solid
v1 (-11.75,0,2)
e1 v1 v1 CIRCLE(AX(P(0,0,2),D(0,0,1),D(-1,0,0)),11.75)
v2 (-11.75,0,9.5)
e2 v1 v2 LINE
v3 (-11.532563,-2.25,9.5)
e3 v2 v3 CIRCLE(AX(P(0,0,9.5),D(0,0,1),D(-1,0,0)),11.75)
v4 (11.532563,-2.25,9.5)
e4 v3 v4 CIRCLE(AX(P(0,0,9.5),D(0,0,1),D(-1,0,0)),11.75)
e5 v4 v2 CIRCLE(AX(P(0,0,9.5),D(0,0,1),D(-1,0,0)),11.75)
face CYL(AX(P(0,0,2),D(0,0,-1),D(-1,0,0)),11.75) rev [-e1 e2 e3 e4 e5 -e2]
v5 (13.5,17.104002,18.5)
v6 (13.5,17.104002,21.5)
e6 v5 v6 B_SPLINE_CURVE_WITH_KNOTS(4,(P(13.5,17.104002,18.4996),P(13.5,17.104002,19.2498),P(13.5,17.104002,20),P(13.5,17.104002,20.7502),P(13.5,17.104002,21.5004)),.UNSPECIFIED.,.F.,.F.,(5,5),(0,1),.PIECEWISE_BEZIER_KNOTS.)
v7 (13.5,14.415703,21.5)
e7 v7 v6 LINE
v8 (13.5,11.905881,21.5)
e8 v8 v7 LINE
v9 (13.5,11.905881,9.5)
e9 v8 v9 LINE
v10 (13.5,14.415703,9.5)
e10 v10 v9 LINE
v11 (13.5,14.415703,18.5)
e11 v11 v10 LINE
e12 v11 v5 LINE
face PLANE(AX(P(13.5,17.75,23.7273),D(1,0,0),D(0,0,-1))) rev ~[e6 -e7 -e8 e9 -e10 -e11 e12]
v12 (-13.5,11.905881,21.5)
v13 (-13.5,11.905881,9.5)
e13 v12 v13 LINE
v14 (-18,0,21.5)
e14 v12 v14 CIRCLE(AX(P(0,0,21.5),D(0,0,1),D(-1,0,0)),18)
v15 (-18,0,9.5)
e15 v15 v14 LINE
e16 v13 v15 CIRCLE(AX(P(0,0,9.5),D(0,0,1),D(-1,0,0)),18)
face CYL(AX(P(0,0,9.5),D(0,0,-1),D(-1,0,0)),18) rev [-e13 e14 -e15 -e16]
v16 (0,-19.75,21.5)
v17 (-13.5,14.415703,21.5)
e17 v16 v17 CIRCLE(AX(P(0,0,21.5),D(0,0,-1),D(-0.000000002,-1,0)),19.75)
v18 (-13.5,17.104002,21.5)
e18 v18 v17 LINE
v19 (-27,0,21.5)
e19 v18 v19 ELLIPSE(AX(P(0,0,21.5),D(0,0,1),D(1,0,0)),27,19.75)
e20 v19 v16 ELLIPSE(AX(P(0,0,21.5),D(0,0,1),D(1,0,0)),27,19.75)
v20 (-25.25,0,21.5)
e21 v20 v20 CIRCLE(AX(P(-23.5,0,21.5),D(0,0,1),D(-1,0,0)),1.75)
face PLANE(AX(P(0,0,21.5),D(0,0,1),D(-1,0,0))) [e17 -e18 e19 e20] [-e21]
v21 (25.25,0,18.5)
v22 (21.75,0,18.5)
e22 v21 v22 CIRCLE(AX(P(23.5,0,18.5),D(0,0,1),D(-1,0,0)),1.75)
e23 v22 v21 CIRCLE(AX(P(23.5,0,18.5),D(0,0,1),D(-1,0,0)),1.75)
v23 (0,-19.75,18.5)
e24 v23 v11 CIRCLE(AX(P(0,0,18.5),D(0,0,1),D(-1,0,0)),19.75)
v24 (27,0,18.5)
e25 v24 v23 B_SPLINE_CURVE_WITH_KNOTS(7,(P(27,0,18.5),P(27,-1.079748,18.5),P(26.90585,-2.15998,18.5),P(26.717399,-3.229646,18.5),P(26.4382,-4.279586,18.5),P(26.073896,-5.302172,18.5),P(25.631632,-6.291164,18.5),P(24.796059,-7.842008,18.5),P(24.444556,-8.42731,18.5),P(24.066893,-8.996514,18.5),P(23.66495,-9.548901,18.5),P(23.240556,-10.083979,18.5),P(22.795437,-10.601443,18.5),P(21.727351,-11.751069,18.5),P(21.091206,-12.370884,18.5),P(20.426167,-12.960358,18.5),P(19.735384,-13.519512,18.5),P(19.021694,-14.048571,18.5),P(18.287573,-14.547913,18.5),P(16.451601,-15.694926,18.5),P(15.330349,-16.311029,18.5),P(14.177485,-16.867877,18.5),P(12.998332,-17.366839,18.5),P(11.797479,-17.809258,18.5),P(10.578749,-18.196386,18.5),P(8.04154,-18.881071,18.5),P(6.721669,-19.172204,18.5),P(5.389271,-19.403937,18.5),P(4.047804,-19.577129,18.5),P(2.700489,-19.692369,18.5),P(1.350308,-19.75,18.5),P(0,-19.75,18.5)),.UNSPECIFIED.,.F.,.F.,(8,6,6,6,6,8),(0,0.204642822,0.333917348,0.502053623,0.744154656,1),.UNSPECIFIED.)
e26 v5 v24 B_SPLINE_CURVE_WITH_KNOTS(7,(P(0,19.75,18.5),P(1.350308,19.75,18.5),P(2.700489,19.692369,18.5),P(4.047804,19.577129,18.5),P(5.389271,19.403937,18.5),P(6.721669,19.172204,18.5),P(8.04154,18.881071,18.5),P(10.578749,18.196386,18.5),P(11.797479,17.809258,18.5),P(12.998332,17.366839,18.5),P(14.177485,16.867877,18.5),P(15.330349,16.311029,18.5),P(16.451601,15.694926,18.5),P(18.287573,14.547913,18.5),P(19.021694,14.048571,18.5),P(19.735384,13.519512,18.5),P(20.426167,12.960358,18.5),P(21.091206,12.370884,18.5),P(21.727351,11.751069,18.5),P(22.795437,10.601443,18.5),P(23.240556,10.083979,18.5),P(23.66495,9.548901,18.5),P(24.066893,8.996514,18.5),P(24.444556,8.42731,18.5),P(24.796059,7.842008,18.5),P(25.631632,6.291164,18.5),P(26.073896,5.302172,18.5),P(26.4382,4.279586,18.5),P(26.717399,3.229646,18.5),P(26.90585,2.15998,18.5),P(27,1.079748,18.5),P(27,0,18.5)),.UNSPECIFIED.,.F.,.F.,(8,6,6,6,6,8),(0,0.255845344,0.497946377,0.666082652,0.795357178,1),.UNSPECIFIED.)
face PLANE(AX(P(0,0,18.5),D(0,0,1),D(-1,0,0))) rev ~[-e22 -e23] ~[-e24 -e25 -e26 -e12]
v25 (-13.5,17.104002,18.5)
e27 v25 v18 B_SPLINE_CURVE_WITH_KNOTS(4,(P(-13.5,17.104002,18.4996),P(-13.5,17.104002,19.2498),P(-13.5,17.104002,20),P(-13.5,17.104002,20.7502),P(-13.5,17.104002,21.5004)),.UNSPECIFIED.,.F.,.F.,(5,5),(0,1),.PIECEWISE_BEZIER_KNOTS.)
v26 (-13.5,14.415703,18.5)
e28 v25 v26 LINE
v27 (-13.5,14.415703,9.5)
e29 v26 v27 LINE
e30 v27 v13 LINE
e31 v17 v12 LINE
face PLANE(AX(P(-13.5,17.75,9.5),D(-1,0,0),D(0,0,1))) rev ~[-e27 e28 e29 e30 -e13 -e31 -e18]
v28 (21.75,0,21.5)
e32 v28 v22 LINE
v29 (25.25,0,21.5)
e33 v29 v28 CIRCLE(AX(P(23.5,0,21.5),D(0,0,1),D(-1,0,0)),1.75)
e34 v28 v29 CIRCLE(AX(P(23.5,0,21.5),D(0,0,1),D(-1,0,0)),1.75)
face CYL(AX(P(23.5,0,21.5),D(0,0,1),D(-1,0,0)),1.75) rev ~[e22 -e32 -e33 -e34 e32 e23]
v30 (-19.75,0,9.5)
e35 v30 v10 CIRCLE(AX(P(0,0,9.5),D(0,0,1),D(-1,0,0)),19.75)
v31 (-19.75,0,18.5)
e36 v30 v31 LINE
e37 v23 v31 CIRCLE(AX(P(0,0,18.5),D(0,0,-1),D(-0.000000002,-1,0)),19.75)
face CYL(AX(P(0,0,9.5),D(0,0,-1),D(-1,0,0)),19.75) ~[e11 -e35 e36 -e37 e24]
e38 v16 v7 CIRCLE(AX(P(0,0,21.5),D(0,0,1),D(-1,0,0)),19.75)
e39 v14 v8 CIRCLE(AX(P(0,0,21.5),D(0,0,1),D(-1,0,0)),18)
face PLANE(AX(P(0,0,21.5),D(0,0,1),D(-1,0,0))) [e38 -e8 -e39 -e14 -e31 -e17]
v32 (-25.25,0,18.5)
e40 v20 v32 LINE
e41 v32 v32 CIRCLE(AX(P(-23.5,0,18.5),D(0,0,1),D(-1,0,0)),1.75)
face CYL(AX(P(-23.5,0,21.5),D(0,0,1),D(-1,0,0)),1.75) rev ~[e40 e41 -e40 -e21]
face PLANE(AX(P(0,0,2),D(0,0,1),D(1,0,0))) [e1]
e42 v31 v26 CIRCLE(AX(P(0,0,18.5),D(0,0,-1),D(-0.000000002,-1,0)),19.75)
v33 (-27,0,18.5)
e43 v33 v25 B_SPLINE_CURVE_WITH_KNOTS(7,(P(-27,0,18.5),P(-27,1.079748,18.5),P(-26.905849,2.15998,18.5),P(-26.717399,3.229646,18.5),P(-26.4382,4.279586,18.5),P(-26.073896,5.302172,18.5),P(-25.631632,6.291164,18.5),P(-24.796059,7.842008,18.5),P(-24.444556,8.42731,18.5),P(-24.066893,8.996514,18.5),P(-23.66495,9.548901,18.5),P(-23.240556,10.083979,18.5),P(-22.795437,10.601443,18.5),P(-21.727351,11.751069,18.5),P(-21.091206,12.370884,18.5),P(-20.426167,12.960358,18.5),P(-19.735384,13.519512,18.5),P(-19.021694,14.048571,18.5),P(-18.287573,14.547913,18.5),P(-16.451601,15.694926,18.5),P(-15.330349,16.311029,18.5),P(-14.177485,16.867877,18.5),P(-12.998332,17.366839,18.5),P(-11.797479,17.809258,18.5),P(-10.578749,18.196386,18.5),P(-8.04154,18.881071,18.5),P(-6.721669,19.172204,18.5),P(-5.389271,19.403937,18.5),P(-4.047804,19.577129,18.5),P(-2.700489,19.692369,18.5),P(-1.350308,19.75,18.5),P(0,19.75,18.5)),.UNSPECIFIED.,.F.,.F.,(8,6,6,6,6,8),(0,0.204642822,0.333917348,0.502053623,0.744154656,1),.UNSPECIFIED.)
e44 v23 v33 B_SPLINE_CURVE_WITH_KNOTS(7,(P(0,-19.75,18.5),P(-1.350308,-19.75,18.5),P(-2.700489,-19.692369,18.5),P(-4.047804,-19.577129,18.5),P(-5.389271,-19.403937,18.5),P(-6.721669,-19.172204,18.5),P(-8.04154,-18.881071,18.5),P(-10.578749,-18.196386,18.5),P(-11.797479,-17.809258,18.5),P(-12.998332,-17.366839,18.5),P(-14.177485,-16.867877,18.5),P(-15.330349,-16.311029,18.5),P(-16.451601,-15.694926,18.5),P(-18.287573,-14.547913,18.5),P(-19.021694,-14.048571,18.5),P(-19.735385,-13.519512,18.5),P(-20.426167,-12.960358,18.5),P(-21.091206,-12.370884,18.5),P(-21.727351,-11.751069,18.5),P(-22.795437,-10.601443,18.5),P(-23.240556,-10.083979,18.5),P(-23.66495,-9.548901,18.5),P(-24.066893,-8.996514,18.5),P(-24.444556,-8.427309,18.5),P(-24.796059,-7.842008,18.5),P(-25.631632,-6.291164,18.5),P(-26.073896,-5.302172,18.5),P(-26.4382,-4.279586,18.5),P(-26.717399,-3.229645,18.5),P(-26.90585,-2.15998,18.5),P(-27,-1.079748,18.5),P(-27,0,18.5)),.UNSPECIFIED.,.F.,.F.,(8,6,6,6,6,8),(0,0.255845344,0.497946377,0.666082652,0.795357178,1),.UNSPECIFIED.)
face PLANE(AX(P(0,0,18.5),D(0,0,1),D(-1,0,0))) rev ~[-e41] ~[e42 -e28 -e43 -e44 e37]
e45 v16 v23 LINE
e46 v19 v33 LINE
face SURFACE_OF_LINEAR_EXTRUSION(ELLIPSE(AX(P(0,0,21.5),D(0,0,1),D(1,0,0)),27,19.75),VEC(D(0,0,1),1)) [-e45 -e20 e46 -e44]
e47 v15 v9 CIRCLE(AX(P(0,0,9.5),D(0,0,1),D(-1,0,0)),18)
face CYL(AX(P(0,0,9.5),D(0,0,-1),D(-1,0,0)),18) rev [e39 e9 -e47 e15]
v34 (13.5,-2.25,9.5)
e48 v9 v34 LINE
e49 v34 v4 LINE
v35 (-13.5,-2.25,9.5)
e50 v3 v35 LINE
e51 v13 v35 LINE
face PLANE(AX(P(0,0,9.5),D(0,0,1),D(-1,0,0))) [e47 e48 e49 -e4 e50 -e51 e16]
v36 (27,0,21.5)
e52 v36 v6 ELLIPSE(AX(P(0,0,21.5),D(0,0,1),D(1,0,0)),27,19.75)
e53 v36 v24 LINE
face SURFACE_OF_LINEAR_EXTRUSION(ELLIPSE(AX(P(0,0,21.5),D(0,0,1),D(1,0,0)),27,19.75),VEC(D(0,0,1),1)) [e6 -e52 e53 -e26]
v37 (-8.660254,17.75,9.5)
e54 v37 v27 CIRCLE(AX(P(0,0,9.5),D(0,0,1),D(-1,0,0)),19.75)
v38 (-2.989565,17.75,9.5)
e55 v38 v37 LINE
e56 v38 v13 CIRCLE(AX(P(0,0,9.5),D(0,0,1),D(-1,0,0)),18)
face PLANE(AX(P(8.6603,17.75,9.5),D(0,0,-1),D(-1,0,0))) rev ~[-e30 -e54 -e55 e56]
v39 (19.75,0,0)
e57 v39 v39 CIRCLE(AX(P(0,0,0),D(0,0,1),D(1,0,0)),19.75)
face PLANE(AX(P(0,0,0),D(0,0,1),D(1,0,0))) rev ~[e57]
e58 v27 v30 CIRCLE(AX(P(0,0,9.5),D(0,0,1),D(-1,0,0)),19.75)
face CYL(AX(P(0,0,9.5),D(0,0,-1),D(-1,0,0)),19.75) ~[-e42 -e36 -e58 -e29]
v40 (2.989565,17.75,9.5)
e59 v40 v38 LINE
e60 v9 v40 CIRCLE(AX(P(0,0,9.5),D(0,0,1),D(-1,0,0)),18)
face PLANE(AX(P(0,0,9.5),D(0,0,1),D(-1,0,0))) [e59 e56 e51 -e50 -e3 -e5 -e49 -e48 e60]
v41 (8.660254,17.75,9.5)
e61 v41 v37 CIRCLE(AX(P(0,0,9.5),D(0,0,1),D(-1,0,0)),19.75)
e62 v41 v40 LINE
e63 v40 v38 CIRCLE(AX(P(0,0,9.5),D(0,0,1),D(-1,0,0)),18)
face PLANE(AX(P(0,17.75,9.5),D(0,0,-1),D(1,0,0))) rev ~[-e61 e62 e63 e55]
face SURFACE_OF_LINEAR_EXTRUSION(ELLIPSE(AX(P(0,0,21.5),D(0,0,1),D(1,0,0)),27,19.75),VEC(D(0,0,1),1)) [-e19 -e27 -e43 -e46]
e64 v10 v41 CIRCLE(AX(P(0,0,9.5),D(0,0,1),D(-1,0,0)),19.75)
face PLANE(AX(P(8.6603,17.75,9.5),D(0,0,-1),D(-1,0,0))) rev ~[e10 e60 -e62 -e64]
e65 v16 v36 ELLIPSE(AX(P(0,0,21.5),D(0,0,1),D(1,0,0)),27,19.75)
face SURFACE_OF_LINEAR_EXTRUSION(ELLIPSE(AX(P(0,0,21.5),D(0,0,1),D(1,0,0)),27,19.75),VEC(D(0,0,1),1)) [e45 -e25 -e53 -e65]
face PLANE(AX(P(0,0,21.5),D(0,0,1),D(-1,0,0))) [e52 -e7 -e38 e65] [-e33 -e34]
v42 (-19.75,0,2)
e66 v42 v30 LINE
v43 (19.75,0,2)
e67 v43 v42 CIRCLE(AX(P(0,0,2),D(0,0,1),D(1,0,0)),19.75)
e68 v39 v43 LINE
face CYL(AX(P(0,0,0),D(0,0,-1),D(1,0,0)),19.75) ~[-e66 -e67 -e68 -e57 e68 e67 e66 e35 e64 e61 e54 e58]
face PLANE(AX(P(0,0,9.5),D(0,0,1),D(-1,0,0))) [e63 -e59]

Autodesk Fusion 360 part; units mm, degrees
sketch "Sketch1" plane through (0, 0, 0) normal (0, 0, 1) x (1, 0, 0)
  circle A0 centre (0, 0) radius 19.75
  dimension "d1" = 39.5
extrude "Extrude1" add sketch "Sketch1" along normal blind 2
sketch "Sketch2" plane through (0, 0, 2) normal (0, 0, 1) x (-1, 0, 0)
  circle A0 centre (0, 0) radius 19.75
  circle A1 centre (0, 0) radius 11.75
  circle A2 centre (0, 0) radius 19.75
  dimension "d4" = 23.5
extrude "Extrude2" add sketch "Sketch2" along normal blind 7.5
sketch "Sketch3" plane through (0, 0, 9.5) normal (0, 0, 1) x (-1, 0, 0)
  circle A0 centre (0, 0) radius 11.75
  circle A1 centre (0, 0) radius 19.75
  circle A2 centre (0, 0) radius 19.75
  circle A3 centre (0, 0) radius 18
  dimension "d7" = 36
extrude "Extrude3" add sketch "Sketch3" along normal blind 12 contours A1 A2
sketch "Sketch4" plane through (0, 0, 21.5) normal (0, 0, 1) x (-1, 0, 0)
  circle A0 centre (0, 0) radius 18
  circle A1 centre (0, 0) radius 19.75
  circle A2 centre (0, 0) radius 19.75
  line L0 (-27, -19.75) -> (27, -19.75)
  line L1 (27, -19.75) -> (27, 19.75)
  line L2 (27, 19.75) -> (-27, 19.75)
  line L3 (-27, 19.75) -> (-27, -19.75)
  line L4 (-27, -19.75) -> (27, 19.75) construction
  line L5 (27, -19.75) -> (-27, 19.75) construction
  line L6 (-27, 0) -> (-23.5, 0)
  line L7 (27, 0) -> (23.5, 0)
  circle A3 centre (23.5, 0) radius 1.75
  circle A4 centre (-23.5, 0) radius 1.75
  dimension "d10" = 39.5
  dimension "d11" = 54
  dimension "d12" = 3.5
  dimension "d13" = 3.5
  dimension "d14" = 3.5
  dimension "d15" = 3.5
extrude "Extrude4" add sketch "Sketch4" against normal blind 3 contours A1 A2 L0 L1 L2 | A1 A2 L0 L2 L3
sketch "Sketch5" plane through (0, 0, 21.5) normal (0, 0, 1) x (-1, 0, 0)
  circle A0 centre (23.5, 0) radius 1.75
  circle A1 centre (-23.5, 0) radius 1.75
  circle A2 centre (0, 0) radius 18
  line L0 (-27, -19.75) -> (27, -19.75)
  line L1 (27, -19.75) -> (27, 19.75)
  line L2 (27, 19.75) -> (-27, 19.75)
  line L3 (-27, 19.75) -> (-27, -19.75)
  ellipse E0 centre (0, 0) end of major axis (-27, 0) minor radius 19.75
  line L4 (27, 0) -> (-27, 0) construction
  line L5 (0, 19.75) -> (0, -19.75) construction
  line L6 (27, -19.75) -> (-27, -19.75)
  line L7 (-27, -19.75) -> (-27, 19.75)
  line L8 (-27, 19.75) -> (27, 19.75)
  line L9 (27, 19.75) -> (27, -19.75)
extrude "Extrude5" cut sketch "Sketch5" against normal blind 10 contours L0 L3 E0 L6 L7 | L0 L1 E0 L6 L9 | L2 L3 E0 L7 L8 | L1 L2 E0 L8 L9
ref_plane "WorkPlane1" through (0, 11.75, 7.4179) normal (0, -1, 0) x (-1, 0, 0)
ref_plane "WorkPlane2" through (0, 17.75, 7.4179) normal (0, -1, 0) x (-1, 0, 0)
sketch "Sketch6" plane through (0, 17.75, 0) normal (0, -1, 0) x (-1, 0, 0)
  line L0 (0, 0) -> (0, -15.5)
  line L1 (-30, -21.5) -> (30, -21.5)
  line L2 (30, -21.5) -> (30, -9.5)
  line L3 (30, -9.5) -> (-30, -9.5)
  line L4 (-30, -9.5) -> (-30, -21.5)
  line L5 (-30, -21.5) -> (30, -9.5) construction
  line L6 (30, -21.5) -> (-30, -9.5) construction
  line L7 (30, -21.5) -> (-30, -21.5)
  line L8 (-30, -21.5) -> (-30, -35.9601)
  line L9 (-30, -35.9601) -> (30, -35.9601)
  line L10 (30, -35.9601) -> (30, -21.5)
  point P0 (0, -15.5)
  dimension "d22" = 15.5
  dimension "d23" = 12
  dimension "d24" = 60
  dimension "d25" = 60
extrude "Extrude6" cut sketch "Sketch6" against normal blind 20
sketch "Sketch7" plane through (0, 17.75, 0) normal (0, 1, 0) x (-1, 0, 0)
  line L0 (-8.6603, 18.5) -> (-8.6603, 9.5)
  line L1 (-8.6603, 9.5) -> (-2.9896, 9.5)
  line L2 (-2.9896, 9.5) -> (-2.9896, 21.5)
  line L3 (-2.9896, 21.5) -> (-11.8393, 21.5)
  line L4 (-11.8393, 21.5) -> (-11.8393, 18.5)
  line L5 (-11.8393, 18.5) -> (-8.6603, 18.5)
  line L6 (13.5, 23.7273) -> (-13.5, 23.7273)
  line L7 (-13.5, 23.7273) -> (-13.5, -4.7273)
  line L8 (-13.5, -4.7273) -> (13.5, -4.7273)
  line L9 (13.5, -4.7273) -> (13.5, 23.7273)
  line L10 (13.5, 23.7273) -> (-13.5, -4.7273) construction
  line L11 (-13.5, 23.7273) -> (13.5, -4.7273) construction
  line L12 (0, 9.5) -> (13.5, 9.5)
  line L13 (0, 9.5) -> (-13.5, 9.5)
  point P0 (0, 9.5)
  dimension "d28" = 27
extrude "Extrude7" cut sketch "Sketch7" against normal blind 20 contours L0 L1 L2 L3 L4 L5 L13 | L0 L2 L3 L4 L5 L6 L7 L9 L12 L13
